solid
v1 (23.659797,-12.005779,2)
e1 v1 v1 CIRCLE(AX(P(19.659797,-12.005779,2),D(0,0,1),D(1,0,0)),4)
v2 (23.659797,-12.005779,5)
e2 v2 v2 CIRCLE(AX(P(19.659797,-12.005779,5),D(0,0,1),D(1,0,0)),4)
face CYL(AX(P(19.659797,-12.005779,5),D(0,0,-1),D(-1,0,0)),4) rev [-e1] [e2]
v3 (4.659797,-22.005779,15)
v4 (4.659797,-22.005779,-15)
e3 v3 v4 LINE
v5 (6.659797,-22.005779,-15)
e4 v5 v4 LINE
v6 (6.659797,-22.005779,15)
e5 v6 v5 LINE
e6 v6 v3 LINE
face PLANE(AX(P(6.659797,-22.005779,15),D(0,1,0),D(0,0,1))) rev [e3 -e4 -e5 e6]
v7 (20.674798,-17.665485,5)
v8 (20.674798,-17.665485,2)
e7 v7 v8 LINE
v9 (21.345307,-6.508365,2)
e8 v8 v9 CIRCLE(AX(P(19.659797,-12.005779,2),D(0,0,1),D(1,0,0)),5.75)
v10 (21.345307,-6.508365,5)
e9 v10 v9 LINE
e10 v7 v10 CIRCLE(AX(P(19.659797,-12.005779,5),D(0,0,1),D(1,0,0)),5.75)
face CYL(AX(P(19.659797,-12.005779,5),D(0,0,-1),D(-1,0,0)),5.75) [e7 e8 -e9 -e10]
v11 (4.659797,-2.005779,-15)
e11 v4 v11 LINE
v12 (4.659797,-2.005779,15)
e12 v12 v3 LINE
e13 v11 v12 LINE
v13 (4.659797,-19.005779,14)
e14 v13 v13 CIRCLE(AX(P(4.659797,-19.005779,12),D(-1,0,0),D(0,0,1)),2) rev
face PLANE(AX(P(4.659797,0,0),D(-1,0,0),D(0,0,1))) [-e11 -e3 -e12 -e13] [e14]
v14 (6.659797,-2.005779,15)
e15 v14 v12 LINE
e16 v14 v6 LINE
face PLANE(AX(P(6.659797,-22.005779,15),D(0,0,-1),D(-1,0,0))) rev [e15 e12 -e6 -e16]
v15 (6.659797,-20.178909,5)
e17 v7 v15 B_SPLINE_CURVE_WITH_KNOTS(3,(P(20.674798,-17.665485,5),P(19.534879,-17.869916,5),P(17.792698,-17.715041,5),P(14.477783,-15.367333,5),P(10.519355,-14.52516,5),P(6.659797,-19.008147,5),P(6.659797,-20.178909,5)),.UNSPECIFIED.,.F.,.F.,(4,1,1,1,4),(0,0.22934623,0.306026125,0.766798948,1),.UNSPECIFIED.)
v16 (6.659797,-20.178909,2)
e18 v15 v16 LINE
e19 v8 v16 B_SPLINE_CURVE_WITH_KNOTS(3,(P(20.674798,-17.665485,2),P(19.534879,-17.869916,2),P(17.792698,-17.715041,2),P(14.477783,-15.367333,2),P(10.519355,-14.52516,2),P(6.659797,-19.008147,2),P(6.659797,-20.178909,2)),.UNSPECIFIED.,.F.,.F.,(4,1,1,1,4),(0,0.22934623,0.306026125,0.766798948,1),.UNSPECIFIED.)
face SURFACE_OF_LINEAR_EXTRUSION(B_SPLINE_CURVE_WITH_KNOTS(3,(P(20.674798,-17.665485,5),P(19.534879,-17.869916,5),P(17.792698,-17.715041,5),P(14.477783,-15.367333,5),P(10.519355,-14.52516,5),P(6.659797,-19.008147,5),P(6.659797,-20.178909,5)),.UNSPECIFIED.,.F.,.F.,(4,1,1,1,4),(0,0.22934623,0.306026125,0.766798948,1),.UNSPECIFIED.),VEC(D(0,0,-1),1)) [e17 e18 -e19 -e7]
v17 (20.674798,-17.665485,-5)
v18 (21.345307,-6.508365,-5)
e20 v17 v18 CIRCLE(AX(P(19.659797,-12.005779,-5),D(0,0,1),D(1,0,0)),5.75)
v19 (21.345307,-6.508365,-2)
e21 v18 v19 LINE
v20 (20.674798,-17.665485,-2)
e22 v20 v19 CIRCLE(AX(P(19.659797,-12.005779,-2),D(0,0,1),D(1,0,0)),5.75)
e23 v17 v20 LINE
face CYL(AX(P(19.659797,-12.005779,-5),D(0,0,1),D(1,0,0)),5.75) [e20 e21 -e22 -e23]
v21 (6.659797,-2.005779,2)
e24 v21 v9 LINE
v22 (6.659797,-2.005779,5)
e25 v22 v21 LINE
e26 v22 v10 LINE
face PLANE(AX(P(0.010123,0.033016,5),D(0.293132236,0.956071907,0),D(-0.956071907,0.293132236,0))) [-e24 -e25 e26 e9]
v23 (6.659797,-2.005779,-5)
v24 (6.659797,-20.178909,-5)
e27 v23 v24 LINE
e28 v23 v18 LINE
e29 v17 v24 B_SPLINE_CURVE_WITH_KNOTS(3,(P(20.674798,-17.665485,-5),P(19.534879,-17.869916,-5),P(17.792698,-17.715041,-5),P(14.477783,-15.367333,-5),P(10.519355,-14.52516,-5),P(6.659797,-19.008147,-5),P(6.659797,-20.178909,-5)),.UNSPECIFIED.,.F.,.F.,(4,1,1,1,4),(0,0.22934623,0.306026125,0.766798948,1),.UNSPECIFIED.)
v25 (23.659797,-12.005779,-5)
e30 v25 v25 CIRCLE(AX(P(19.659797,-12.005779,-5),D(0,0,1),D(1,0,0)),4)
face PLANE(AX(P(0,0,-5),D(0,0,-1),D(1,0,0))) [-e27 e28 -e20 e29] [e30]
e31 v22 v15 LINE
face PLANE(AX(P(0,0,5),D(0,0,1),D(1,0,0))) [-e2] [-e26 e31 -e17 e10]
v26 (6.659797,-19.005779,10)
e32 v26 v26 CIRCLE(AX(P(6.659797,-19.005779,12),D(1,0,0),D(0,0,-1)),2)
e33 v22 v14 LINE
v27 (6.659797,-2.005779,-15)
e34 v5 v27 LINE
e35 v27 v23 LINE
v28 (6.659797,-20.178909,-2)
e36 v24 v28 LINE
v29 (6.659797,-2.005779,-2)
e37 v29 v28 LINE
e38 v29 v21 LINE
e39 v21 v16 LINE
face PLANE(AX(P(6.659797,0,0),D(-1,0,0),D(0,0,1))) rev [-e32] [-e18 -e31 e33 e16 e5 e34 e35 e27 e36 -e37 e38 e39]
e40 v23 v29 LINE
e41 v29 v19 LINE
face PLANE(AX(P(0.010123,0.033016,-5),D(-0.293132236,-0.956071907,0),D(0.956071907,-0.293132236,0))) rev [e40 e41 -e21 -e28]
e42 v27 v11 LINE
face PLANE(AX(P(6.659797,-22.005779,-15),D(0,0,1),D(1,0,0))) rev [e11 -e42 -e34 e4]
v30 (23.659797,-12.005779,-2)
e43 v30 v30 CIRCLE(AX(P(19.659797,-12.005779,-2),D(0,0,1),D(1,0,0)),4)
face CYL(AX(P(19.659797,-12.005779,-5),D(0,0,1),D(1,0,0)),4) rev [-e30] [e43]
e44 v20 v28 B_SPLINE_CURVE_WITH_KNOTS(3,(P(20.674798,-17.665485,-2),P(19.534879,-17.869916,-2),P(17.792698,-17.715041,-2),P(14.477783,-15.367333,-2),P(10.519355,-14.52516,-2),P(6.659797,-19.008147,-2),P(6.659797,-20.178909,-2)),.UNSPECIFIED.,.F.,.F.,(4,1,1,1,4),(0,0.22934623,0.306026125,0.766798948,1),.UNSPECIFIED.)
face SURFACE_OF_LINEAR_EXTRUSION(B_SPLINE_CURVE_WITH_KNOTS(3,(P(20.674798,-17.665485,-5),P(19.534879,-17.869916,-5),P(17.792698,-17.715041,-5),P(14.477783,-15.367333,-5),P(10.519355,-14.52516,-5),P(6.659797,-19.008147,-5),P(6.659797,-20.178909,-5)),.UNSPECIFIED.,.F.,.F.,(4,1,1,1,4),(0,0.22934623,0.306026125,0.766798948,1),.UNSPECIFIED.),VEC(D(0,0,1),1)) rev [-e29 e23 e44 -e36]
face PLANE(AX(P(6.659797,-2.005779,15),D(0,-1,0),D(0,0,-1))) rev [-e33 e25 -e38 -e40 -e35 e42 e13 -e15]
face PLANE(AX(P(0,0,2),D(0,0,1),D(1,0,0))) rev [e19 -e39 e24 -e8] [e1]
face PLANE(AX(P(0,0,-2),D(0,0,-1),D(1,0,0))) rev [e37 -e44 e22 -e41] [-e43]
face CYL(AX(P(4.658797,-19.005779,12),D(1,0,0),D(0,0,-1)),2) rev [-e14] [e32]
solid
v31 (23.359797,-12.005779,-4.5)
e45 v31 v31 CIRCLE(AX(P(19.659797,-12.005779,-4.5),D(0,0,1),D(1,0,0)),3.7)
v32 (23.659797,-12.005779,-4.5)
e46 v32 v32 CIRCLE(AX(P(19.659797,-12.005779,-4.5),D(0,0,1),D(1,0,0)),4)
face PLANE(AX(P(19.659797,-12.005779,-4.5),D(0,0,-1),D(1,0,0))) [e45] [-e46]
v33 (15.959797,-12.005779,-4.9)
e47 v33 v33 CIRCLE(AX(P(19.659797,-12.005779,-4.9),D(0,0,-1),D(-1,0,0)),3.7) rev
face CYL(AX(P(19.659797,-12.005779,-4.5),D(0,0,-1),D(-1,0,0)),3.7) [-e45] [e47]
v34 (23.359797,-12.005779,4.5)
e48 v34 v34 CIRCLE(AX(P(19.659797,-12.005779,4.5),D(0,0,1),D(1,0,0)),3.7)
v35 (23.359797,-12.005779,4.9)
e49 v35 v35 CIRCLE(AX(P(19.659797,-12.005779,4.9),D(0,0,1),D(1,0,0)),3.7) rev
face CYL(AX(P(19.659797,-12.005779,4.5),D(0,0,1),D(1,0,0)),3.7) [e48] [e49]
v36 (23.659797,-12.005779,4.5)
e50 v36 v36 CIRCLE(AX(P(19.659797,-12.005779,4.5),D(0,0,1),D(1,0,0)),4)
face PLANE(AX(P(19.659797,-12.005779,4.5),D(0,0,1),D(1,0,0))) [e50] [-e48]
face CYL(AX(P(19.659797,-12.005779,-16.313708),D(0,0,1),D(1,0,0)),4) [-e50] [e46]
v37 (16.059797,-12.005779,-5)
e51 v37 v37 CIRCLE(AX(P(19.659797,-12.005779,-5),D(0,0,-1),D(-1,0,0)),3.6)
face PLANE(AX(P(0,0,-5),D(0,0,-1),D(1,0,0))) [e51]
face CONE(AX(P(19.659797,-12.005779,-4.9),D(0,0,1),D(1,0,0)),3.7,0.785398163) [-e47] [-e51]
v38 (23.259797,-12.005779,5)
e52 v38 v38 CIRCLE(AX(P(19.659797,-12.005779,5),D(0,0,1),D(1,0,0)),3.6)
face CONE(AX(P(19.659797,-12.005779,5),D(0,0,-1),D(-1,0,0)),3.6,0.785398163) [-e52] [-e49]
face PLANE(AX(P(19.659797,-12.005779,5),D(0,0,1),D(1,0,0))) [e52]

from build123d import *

# Parameters (mm, degrees)
CROQUIS2_W              = 30
CROQUIS2_H              = 20
SALIENTE_EXTRUIR1_DEPTH = 2
CROQUIS3_R              = 4
SALIENTE_EXTRUIR2_DEPTH = 3
CORTAR_EXTRUIR1_REACH   = 4
CROQUIS4_R              = 2
CROQUIS5_R              = 4
SALIENTE_EXTRUIR3_DEPTH = 10
CROQUIS6_R              = 4
CROQUIS6_R_2            = 3.7
CORTAR_EXTRUIR2_DEPTH   = 0.5
CHAFL_N1_SIZE           = 0.1
CHAFL_N2_SIZE           = 0.1


with BuildPart() as part:
    # Croquis2 → Saliente-Extruir1 (new body)
    with BuildSketch(Plane(origin=(4.659796597, 0, 0), x_dir=(0, 0, -1), z_dir=(1, 0, 0))):
        with Locations((0, -12.005778573)):
            Rectangle(CROQUIS2_W, CROQUIS2_H)
    extrude(amount=SALIENTE_EXTRUIR1_DEPTH)

    # Croquis3 → Saliente-Extruir2 (add)
    with BuildSketch(Plane.XY.offset(2)):
        with BuildLine():
            Line((6.659796597, -2.005778573), (6.659796597, -20.178909471))
            add(Edge.make_bspline(
                [(20.674797989, -17.665484588), (19.534879052, -17.869915578), (17.792697559, -17.715041339), (14.47778283, -15.367332549), (10.519354529, -14.525160484), (6.659796597, -19.008146523), (6.659796597, -20.178909471)],
                knots=[0, 0, 0, 0, 0.22934623, 0.306026125, 0.766798948, 1, 1, 1, 1], degree=3))
            ThreePointArc((20.674797989, -17.665484588), (25.39944116, -12.350713765), (21.345306956, -6.508365106))
            Line((21.345306956, -6.508365106), (6.659796597, -2.005778573))
        make_face()
        with Locations((19.659796597, -12.005778573)):
            Circle(CROQUIS3_R, mode=Mode.SUBTRACT)
    saliente_extruir2 = extrude(amount=SALIENTE_EXTRUIR2_DEPTH)

    # Simetría1: Saliente-Extruir2 across plane
    add(saliente_extruir2.mirror(Plane.XY))

    # Croquis4 → Cortar-Extruir1 (cut, up to next)
    with BuildSketch(Plane(origin=(6.659796597, 0, 0), x_dir=(0, 0, -1), z_dir=(1, 0, 0)), mode=Mode.PRIVATE) as cortar_extruir1_sk1:
        with Locations((-12, -19.005778573)):
            Circle(CROQUIS4_R)
    cortar_extruir1_tool1 = extrude(cortar_extruir1_sk1.sketch, amount=-CORTAR_EXTRUIR1_REACH, mode=Mode.PRIVATE) & part.part
    add(cortar_extruir1_tool1.solids().sort_by_distance((6.659797, -19.005779, 12))[0], mode=Mode.SUBTRACT)


with BuildPart() as body_2:
    # Croquis5 → Saliente-Extruir3 (new body)
    with BuildSketch(Plane.XY.offset(5)):
        with Locations((19.659796597, -12.005778573)):
            Circle(CROQUIS5_R)
    extrude(amount=-SALIENTE_EXTRUIR3_DEPTH)

    # Croquis6 → Cortar-Extruir2 (cut)
    with BuildSketch(Plane.XY.offset(5)):
        with Locations((19.659796597, -12.005778573)):
            Circle(CROQUIS6_R)
        with Locations((19.659796597, -12.005778573)):
            Circle(CROQUIS6_R_2, mode=Mode.SUBTRACT)
    cortar_extruir2 = extrude(amount=-CORTAR_EXTRUIR2_DEPTH, mode=Mode.SUBTRACT)

    # Chaflán1
    chafl_n1_edges = [body_2.edges().sort_by_distance(p)[0] for p in [
        (15.959796597, -12.005778573, 5),
    ]]
    chamfer(chafl_n1_edges, length=CHAFL_N1_SIZE)

    # Simetría3: Cortar-Extruir2 across plane
    add(cortar_extruir2.mirror(Plane.XY), mode=Mode.SUBTRACT)

    # Chaflán2
    chafl_n2_edges = [body_2.edges().sort_by_distance(p)[0] for p in [
        (15.959796597, -12.005778573, -5),
    ]]
    chamfer(chafl_n2_edges, length=CHAFL_N2_SIZE)


solid = Compound([part.part, body_2.part])
